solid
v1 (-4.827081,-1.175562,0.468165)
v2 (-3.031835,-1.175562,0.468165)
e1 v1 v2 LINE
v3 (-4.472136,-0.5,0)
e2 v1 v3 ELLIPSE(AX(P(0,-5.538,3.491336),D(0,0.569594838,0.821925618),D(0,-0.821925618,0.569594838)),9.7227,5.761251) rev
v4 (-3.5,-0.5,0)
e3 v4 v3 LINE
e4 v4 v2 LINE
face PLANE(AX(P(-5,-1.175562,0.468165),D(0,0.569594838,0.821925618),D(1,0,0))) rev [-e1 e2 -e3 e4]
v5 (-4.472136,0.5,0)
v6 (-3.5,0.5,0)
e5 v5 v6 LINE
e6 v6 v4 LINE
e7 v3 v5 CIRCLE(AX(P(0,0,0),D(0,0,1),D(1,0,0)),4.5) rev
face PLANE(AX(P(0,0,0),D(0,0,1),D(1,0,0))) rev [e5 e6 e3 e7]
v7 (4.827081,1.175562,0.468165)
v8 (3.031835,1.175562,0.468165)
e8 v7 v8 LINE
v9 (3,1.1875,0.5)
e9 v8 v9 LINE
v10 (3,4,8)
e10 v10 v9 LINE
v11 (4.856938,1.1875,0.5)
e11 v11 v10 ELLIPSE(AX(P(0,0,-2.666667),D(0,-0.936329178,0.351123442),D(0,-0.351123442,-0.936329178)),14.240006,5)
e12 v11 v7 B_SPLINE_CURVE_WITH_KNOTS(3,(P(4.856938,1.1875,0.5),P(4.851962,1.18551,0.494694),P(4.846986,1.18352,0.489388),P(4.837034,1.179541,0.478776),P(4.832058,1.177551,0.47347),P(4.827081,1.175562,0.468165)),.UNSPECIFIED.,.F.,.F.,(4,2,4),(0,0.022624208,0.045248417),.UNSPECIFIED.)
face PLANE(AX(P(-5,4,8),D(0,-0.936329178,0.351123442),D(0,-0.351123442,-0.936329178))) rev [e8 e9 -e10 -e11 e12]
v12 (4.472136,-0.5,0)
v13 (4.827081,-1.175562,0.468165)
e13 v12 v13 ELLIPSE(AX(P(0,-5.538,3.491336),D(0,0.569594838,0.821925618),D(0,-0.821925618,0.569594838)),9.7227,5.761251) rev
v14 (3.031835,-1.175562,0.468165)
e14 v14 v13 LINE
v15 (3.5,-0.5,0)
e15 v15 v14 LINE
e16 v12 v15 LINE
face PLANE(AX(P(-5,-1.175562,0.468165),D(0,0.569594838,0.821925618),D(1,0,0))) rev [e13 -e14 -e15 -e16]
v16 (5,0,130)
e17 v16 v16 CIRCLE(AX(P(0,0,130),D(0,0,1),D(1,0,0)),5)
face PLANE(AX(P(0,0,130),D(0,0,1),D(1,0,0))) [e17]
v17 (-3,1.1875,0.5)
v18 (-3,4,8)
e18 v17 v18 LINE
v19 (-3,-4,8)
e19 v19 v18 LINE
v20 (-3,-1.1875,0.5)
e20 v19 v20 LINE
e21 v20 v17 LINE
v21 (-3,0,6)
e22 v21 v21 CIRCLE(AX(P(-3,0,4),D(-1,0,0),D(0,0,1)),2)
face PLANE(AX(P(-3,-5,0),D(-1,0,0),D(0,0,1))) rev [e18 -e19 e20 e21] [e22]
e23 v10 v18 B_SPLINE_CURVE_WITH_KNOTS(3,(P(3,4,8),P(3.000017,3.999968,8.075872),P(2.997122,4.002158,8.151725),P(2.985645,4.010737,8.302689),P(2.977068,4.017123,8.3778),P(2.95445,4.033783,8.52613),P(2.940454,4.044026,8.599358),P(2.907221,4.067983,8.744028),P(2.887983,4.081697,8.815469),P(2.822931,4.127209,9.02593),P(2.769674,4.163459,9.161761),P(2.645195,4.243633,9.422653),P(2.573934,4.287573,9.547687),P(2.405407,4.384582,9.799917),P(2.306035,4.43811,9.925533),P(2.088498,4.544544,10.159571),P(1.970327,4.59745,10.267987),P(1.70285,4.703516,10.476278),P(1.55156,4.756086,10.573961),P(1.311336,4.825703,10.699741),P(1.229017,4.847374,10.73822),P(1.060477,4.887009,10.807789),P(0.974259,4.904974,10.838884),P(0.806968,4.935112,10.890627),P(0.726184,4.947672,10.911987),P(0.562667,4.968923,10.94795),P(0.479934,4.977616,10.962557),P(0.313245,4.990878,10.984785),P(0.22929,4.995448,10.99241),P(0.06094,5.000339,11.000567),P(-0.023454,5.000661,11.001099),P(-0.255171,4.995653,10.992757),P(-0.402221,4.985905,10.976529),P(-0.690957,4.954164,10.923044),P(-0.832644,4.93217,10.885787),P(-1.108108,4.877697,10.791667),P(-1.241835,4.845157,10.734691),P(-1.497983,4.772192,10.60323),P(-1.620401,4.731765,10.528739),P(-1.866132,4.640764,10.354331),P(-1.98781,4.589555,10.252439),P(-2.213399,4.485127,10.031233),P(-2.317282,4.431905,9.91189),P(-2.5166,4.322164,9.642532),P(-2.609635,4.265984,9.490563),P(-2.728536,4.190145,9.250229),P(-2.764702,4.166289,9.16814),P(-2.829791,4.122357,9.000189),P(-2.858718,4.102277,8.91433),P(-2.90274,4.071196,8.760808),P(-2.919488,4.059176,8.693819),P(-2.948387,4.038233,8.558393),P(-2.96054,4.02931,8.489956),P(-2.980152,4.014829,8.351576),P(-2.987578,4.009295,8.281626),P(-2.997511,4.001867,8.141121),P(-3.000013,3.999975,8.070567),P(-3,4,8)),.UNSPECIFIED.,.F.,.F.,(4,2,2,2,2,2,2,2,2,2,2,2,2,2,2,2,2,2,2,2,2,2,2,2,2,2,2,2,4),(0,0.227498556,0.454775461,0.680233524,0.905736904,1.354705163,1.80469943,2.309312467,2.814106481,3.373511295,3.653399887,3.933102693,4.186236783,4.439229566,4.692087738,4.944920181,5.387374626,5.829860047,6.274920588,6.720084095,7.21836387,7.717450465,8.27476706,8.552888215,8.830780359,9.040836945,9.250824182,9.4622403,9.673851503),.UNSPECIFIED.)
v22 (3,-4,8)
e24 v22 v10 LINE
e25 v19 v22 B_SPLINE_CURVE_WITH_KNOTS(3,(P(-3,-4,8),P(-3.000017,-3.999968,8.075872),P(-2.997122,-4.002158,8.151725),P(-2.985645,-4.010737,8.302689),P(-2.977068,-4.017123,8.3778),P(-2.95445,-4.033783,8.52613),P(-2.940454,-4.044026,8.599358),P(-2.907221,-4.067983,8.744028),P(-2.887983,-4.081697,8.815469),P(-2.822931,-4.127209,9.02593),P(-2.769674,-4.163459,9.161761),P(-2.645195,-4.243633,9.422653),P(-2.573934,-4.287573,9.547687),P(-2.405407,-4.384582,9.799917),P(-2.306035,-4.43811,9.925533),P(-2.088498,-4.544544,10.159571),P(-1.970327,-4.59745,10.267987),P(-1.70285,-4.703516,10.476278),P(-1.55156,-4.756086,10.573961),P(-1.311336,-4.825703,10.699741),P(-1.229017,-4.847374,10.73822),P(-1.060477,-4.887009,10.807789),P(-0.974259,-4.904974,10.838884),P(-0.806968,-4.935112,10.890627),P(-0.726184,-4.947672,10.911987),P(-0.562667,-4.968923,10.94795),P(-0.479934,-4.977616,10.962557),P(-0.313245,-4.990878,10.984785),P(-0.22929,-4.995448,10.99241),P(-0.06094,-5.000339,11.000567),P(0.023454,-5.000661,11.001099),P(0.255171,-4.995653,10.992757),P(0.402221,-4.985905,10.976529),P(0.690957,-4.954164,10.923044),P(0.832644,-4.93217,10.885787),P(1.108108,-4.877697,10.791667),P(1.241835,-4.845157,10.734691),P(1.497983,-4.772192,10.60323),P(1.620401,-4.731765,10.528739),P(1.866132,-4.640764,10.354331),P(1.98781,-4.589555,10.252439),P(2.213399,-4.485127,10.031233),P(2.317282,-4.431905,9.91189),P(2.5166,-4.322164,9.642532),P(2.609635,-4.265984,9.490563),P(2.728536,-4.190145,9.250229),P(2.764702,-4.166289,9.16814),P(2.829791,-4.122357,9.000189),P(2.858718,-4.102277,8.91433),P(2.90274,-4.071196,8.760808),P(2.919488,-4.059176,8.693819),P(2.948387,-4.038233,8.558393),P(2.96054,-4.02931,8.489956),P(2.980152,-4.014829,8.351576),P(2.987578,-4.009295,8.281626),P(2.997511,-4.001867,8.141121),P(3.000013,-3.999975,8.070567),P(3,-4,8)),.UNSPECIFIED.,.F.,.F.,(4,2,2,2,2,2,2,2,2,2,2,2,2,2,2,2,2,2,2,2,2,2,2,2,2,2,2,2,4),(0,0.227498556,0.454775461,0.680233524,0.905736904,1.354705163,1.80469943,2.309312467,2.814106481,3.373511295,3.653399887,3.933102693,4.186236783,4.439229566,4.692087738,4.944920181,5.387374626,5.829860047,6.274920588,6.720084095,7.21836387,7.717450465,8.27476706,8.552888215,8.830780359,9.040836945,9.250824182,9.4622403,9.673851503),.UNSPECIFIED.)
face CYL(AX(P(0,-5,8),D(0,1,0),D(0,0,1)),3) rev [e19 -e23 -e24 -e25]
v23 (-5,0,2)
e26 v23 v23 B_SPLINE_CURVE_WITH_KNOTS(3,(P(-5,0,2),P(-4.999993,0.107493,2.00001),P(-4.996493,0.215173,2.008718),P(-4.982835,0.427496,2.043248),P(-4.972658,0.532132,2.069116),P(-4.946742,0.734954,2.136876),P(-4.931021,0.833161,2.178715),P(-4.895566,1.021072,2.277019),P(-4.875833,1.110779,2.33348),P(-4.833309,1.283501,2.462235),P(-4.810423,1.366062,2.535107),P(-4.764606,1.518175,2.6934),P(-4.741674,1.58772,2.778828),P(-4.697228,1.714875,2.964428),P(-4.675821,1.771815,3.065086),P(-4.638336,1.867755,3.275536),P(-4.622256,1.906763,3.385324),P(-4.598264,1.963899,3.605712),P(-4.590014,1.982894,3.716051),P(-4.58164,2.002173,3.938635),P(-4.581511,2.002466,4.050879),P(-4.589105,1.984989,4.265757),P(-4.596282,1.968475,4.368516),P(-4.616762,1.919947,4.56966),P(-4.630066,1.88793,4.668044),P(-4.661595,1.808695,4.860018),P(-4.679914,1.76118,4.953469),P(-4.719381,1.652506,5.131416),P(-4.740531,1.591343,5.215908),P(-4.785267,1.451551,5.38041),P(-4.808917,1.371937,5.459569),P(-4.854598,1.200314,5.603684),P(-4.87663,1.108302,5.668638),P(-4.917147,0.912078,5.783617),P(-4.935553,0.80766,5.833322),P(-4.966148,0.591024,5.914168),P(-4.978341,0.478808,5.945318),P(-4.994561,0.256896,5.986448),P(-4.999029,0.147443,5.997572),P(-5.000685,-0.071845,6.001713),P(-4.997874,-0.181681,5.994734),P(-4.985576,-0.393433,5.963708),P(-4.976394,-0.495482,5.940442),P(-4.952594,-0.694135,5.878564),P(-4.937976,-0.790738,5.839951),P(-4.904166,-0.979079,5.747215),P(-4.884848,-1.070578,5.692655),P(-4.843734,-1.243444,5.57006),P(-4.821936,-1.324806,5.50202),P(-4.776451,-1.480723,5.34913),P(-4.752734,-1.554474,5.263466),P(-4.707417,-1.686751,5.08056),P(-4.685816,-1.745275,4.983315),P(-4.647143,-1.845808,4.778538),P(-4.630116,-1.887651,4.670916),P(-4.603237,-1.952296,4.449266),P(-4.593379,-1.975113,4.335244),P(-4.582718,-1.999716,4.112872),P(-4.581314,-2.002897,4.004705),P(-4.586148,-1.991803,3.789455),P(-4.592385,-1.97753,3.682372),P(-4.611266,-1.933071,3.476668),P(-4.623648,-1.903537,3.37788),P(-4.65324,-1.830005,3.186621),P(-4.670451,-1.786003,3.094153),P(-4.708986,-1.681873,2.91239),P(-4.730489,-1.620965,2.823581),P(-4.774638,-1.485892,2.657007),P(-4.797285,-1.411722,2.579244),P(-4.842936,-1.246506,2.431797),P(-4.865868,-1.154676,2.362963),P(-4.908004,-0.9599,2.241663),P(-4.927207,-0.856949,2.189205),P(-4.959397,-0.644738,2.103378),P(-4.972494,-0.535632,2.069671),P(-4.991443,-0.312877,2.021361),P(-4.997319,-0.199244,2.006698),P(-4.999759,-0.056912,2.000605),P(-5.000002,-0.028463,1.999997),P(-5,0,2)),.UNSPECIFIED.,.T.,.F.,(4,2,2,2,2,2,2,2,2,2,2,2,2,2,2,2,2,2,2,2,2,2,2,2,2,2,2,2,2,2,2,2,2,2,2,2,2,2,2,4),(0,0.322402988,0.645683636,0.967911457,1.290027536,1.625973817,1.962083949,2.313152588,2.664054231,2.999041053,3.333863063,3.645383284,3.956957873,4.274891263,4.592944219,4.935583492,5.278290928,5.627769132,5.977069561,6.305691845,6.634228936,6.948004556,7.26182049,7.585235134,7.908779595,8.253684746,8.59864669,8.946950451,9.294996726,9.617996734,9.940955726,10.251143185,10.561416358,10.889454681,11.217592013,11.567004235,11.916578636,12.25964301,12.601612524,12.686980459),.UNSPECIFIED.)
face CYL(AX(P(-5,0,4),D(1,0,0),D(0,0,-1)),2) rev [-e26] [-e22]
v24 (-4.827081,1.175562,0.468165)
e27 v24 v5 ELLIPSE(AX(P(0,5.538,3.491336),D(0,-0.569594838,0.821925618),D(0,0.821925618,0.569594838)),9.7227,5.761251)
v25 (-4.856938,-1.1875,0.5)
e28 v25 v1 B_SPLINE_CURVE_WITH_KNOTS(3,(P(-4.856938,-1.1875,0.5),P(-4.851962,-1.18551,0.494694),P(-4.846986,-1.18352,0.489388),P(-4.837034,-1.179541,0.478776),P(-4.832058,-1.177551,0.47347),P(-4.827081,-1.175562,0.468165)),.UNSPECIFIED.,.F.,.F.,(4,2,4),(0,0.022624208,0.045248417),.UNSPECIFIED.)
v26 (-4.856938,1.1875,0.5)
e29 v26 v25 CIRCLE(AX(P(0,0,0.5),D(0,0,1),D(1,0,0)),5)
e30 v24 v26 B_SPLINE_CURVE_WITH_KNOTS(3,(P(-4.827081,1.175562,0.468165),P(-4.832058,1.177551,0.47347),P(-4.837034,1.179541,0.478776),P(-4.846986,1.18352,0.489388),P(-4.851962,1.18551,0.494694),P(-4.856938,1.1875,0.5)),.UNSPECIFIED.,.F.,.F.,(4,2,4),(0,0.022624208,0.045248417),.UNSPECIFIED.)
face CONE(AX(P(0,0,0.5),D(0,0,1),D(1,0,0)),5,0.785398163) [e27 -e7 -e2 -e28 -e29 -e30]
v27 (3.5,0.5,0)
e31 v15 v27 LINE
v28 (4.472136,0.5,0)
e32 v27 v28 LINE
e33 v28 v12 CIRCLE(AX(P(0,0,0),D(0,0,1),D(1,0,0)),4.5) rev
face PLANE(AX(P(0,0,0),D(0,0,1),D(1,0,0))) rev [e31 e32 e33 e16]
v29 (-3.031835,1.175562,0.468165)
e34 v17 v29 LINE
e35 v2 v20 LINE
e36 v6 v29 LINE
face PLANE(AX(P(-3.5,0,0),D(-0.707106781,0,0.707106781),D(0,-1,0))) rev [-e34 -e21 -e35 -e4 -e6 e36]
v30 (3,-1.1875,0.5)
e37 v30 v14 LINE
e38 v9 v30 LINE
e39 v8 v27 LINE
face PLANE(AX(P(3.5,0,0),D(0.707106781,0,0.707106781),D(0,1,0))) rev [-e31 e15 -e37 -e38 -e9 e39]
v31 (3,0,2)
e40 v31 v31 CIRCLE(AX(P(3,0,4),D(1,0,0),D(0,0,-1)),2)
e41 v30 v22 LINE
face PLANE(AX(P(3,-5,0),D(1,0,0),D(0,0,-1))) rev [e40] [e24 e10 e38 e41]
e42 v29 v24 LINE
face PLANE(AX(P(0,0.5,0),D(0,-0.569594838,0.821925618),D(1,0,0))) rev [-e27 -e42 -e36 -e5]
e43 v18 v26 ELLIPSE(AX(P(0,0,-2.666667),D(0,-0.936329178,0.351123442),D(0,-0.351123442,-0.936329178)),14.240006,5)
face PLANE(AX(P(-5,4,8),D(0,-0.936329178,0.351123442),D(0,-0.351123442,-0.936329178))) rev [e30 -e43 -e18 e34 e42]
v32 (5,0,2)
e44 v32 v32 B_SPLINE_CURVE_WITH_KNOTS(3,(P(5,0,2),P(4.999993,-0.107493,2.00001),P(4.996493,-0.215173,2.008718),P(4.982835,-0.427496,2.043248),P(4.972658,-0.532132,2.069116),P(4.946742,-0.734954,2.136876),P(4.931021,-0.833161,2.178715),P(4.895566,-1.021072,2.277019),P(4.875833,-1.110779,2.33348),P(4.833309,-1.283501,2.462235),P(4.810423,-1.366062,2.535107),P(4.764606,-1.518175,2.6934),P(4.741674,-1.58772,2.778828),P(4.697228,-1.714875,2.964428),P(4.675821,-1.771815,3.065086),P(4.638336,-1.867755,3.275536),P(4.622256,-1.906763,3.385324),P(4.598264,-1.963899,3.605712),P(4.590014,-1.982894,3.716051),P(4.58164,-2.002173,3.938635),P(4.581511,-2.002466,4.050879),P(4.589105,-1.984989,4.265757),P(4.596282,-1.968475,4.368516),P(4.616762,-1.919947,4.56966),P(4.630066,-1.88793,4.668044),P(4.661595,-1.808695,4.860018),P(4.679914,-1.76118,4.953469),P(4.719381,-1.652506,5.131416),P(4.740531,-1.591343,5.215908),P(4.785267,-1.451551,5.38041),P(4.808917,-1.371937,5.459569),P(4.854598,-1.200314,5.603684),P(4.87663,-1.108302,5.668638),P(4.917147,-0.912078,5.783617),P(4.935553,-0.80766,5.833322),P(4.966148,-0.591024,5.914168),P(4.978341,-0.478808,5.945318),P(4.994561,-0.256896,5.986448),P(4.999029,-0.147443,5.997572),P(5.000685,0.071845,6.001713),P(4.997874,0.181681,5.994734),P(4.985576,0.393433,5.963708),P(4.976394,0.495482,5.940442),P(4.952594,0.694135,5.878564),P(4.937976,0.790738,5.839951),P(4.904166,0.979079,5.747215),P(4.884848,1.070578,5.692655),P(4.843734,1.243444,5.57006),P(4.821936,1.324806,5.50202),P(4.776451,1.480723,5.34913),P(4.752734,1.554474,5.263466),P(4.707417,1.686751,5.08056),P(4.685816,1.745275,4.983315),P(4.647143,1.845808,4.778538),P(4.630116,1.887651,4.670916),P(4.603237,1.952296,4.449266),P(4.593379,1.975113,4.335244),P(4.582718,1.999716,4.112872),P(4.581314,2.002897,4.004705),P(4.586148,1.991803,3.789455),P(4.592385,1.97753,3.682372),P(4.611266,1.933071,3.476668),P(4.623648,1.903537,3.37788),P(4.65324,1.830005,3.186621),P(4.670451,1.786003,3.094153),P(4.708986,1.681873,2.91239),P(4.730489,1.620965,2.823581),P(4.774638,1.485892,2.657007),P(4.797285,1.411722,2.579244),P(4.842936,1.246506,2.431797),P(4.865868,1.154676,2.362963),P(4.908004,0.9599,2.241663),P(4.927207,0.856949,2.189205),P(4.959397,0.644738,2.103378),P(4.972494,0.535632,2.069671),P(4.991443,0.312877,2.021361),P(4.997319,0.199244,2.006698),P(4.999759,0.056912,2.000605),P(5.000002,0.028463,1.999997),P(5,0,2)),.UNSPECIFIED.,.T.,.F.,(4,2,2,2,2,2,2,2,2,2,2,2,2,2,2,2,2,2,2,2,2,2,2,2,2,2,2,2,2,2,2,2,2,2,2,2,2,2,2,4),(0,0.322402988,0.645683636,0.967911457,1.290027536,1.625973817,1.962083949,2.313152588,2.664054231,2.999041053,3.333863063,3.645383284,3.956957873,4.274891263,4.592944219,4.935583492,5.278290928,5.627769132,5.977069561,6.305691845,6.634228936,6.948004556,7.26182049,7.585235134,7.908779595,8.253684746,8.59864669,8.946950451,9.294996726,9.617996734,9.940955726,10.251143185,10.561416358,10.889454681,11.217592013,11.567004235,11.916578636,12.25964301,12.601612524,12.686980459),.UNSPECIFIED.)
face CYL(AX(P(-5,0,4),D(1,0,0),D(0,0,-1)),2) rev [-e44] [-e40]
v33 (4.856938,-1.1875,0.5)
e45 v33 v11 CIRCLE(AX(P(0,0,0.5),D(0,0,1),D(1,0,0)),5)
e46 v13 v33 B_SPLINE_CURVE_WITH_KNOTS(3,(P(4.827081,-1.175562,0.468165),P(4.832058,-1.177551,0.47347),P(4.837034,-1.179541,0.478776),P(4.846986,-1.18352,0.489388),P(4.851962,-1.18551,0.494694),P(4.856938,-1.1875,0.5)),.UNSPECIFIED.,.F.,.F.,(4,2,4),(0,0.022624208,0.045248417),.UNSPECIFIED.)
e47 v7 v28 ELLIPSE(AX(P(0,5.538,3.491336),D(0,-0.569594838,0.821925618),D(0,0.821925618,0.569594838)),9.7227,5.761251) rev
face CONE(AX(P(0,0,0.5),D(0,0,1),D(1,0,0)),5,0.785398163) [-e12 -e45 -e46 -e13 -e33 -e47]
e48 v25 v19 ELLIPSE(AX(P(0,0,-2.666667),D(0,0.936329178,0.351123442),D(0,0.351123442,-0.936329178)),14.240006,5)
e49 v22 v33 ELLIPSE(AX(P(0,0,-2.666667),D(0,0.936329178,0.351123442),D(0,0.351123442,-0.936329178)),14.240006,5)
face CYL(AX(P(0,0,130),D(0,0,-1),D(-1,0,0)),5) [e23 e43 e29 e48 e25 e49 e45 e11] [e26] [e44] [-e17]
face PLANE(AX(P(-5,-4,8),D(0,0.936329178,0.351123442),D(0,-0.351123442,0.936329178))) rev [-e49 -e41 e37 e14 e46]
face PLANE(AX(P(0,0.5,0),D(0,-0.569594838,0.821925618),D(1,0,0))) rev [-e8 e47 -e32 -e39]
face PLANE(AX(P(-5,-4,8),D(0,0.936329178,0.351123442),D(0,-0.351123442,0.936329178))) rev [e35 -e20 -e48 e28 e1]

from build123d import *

# Parameters (mm, degrees)
SKETCH1_R           = 5
BOSS_EXTRUDE1_DEPTH = 130
CUT_EXTRUDE1_DEPTH  = 131.479883507
SKETCH3_R           = 2
CUT_EXTRUDE2_DEPTH  = 131.479883618
CHAMFER1_SIZE       = 0.5


with BuildPart() as part:
    # Sketch1 → Boss-Extrude1 (new body)
    with BuildSketch(Plane.XY):
        Circle(SKETCH1_R)
    extrude(amount=BOSS_EXTRUDE1_DEPTH)

    # Sketch2 → Cut-Extrude1 (cut, through all)
    with BuildSketch(Plane(origin=(0, 5, 0), x_dir=(1, 0, 0), z_dir=(0, 1, 0))):
        with BuildLine():
            Line((-3, 0), (3, 0))
            Line((3, 0), (3, -8))
            ThreePointArc((3, -8), (0, -11), (-3, -8))
            Line((-3, -8), (-3, 0))
        make_face()
    extrude(amount=-CUT_EXTRUDE1_DEPTH, mode=Mode.SUBTRACT)

    # Sketch3 → Cut-Extrude2 (cut, through all)
    with BuildSketch(Plane(origin=(5, 0, 0), x_dir=(0, 0, -1), z_dir=(1, 0, 0))):
        with Locations((-4, 0)):
            Circle(SKETCH3_R)
        Polygon((-8, -4), (0, -1), (0, -4), align=None)
        Polygon((0, 1), (0, 4), (-8, 4), align=None)
    extrude(amount=-CUT_EXTRUDE2_DEPTH, mode=Mode.SUBTRACT)

    # Chamfer1
    chamfer1_edges = [part.edges().sort_by_distance(p)[0] for p in [
        (-3.949489743, -1, 0),
        (-5, 0, 0),
        (4.974680765, -0.50254481, 0),
        (-3.949489743, 1, 0),
        (-3, 0, 0),
        (3, 0, 0),
        (3.949489743, -1, 0),
        (3.949489743, 1, 0),
    ]]
    chamfer(chamfer1_edges, length=CHAMFER1_SIZE)


solid = part.part
